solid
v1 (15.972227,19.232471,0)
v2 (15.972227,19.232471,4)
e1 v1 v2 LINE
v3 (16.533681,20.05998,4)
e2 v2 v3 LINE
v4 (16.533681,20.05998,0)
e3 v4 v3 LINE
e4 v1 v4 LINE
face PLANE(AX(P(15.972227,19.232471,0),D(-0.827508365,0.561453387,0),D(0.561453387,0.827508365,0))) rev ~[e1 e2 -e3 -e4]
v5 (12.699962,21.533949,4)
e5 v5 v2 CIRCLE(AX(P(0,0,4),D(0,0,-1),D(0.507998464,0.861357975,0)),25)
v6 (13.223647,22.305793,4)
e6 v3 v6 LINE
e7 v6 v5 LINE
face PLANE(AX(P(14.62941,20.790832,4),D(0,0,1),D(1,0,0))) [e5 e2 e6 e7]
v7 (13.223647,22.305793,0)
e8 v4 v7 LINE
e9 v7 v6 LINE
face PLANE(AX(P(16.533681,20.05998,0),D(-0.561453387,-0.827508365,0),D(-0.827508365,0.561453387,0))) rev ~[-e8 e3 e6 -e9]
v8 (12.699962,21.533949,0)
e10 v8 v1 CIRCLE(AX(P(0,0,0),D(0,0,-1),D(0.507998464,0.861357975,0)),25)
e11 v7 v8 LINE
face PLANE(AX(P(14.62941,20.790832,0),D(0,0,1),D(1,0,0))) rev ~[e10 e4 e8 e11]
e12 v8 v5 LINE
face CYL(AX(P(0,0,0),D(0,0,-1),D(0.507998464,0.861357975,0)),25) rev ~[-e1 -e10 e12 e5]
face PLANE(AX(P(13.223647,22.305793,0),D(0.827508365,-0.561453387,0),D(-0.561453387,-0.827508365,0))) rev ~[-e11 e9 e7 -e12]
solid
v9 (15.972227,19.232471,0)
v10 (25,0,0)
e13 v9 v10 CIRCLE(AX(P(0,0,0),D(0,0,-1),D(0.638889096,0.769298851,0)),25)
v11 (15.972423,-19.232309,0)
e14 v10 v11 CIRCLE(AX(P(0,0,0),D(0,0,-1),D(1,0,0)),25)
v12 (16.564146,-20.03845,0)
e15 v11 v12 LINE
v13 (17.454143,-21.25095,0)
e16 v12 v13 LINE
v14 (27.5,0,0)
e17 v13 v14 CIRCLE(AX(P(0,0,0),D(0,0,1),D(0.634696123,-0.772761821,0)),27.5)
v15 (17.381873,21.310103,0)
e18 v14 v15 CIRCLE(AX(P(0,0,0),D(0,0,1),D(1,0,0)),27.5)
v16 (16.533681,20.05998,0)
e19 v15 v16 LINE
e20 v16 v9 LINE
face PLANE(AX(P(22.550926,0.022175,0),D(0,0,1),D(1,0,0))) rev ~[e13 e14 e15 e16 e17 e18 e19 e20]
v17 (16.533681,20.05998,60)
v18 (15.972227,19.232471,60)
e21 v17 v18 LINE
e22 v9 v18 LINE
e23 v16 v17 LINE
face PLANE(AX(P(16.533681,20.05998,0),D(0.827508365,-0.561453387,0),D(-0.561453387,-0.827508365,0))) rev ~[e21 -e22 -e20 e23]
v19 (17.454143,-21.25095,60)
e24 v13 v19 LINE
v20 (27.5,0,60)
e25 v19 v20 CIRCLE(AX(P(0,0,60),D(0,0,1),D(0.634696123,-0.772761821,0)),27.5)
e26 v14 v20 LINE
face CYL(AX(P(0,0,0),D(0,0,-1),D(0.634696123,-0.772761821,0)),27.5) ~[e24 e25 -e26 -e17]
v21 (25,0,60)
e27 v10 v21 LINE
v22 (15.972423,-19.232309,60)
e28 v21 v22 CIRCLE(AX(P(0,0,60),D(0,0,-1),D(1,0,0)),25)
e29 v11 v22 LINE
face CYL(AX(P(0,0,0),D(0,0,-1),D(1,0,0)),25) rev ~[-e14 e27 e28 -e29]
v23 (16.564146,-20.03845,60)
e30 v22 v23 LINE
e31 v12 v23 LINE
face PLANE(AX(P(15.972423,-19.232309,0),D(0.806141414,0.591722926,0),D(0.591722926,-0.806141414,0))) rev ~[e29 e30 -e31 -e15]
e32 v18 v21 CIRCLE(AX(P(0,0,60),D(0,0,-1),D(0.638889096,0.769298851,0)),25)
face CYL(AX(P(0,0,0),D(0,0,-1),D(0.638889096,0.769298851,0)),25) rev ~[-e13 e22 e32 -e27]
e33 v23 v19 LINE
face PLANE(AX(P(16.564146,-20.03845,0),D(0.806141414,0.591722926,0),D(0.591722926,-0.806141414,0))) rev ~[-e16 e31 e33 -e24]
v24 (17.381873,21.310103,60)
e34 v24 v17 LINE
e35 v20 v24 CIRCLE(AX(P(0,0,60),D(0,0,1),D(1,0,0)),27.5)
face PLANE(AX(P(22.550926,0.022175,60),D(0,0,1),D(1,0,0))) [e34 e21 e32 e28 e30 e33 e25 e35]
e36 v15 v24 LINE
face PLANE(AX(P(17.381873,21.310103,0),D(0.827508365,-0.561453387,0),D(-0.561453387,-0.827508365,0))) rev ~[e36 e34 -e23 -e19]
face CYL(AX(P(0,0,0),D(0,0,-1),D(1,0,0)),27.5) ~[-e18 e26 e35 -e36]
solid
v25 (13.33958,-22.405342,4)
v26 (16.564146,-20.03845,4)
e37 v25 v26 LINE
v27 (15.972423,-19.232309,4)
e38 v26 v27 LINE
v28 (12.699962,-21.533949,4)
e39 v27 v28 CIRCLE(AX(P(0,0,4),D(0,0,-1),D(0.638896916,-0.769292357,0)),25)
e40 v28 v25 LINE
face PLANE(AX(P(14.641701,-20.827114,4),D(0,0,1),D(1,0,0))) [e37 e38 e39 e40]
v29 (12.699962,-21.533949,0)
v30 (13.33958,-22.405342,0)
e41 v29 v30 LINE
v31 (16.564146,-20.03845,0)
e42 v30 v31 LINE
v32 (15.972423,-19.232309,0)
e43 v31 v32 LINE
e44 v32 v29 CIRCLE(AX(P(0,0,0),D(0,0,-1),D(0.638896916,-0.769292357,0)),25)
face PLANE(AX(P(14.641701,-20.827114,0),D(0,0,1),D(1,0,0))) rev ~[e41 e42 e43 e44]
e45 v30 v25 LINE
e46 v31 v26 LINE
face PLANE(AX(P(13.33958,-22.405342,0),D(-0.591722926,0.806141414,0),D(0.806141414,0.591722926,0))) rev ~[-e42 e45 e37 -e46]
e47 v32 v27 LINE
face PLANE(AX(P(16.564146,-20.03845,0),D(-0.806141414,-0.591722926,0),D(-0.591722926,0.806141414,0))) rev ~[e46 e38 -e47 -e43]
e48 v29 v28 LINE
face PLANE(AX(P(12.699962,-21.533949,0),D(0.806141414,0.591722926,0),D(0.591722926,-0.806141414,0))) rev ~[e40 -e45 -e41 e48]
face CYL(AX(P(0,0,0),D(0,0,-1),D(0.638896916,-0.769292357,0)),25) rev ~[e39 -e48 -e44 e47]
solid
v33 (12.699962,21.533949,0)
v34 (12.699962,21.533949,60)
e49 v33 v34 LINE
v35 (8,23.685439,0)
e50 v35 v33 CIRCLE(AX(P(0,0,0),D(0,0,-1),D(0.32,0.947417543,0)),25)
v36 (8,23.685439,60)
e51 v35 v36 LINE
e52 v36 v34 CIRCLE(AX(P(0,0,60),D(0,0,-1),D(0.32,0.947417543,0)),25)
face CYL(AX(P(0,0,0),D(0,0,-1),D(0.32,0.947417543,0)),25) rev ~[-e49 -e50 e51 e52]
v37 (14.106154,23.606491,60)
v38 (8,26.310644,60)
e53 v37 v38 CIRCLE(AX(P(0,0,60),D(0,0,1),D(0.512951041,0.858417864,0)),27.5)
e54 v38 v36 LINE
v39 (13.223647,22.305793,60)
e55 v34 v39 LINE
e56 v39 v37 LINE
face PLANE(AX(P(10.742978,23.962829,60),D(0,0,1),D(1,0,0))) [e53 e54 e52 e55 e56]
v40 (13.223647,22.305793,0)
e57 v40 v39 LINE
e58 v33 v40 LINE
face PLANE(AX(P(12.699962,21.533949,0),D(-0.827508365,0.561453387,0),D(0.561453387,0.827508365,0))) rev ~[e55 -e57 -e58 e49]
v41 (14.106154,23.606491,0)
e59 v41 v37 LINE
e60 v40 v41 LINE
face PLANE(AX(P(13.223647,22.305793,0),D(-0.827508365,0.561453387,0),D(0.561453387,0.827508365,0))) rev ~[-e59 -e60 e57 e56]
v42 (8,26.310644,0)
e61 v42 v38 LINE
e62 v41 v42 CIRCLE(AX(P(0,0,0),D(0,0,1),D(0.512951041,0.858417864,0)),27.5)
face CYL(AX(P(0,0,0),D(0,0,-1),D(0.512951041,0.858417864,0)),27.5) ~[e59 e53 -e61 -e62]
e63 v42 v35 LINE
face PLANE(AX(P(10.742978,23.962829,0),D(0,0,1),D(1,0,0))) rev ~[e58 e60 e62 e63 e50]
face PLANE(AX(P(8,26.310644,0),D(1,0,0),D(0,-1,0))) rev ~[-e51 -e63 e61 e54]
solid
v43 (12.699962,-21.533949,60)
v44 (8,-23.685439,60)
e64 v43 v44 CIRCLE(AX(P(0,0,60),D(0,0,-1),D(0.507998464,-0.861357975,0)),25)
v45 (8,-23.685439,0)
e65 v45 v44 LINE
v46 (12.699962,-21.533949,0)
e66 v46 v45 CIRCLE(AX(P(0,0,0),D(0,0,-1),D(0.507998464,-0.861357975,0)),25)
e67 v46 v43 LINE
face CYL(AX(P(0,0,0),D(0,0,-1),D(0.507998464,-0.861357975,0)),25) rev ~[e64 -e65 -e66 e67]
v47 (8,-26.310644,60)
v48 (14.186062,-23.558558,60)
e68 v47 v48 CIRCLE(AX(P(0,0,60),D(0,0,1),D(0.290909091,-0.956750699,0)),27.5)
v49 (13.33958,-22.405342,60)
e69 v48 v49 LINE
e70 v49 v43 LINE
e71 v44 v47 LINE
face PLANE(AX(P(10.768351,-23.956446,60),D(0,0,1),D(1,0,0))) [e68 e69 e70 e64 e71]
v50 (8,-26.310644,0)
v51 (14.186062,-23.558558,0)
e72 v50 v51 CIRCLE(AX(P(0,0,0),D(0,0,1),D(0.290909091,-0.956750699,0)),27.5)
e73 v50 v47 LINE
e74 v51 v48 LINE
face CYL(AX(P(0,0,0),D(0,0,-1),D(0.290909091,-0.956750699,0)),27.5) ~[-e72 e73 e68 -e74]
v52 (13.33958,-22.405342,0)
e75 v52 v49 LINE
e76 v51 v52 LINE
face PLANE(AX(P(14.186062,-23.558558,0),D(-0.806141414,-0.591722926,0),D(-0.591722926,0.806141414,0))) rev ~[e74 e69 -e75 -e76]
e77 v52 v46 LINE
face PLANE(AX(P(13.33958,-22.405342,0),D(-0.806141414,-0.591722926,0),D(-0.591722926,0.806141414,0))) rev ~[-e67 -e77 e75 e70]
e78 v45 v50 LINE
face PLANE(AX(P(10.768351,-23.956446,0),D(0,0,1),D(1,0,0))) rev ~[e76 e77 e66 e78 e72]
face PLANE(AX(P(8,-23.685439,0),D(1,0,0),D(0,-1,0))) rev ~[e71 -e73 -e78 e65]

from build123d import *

# Parameters (mm, degrees)
F1_DEPTH = 60
F2_DEPTH = 4


with BuildPart() as f1:
    # F0 (on Top) → F1 (new body)
    with BuildSketch(Plane.XY):
        with BuildLine():
            ThreePointArc((8, 23.6854385647), (10.4057353896, 22.7314907342), (12.6999615998, 21.5339493676))
            Line((12.6999615998, 21.5339493676), (13.2236473386, 22.3057931922))
            Line((13.2236473386, 22.3057931922), (14.1061536293, 23.6064912638))
            ThreePointArc((14.1061536293, 23.6064912638), (11.135466667, 25.1446094046), (8, 26.3106442338))
            Line((8, 26.3106442338), (8, 23.6854385647))
        make_face()
    extrude(amount=F1_DEPTH)


with BuildPart() as f1b:
    # F0 (on Top) → F1, piece 2 (new body)
    with BuildSketch(Plane.XY):
        with BuildLine():
            ThreePointArc((15.9722274119, 19.2324712792), (22.6307941232, 10.6229542667), (25, 0))
            ThreePointArc((25, 0), (22.6308481128, -10.6228392483), (15.9724229044, -19.2323089244))
            Line((15.9724229044, -19.2323089244), (16.5641458304, -20.0384503381))
            Line((16.5641458304, -20.0384503381), (17.4541433848, -21.2509500659))
            ThreePointArc((17.4541433848, -21.2509500659), (24.8620085983, -11.7528944715), (27.5, 0))
            ThreePointArc((27.5, 0), (24.8420158665, 11.7950942212), (17.3818728955, 21.310103112))
            Line((17.3818728955, 21.310103112), (16.5336807988, 20.0599796442))
            Line((16.5336807988, 20.0599796442), (15.9722274119, 19.2324712792))
        make_face()
    extrude(amount=F1_DEPTH)


with BuildPart() as f1c:
    # F0 (on Top) → F1, piece 3 (new body)
    with BuildSketch(Plane.XY):
        with BuildLine():
            Line((13.3395801756, -22.405342042), (12.6999615998, -21.5339493676))
            ThreePointArc((12.6999615998, -21.5339493676), (10.4057353896, -22.7314907342), (8, -23.6854385647))
            Line((8, -23.6854385647), (8, -26.3106442338))
            ThreePointArc((8, -26.3106442338), (11.1780514023, -25.1257072905), (14.18606212, -23.5585577132))
            Line((14.18606212, -23.5585577132), (13.3395801756, -22.405342042))
        make_face()
    extrude(amount=F1_DEPTH)


with BuildPart() as f2:
    # F0 (on Top) → F2 (new body)
    with BuildSketch(Plane.XY):
        with BuildLine():
            Line((16.5641458304, -20.0384503381), (15.9724229044, -19.2323089244))
            ThreePointArc((15.9724229044, -19.2323089244), (14.3823084194, -20.4486968907), (12.6999615998, -21.5339493676))
            Line((12.6999615998, -21.5339493676), (13.3395801756, -22.405342042))
            Line((13.3395801756, -22.405342042), (16.5641458304, -20.0384503381))
        make_face()
    extrude(amount=F2_DEPTH)


with BuildPart() as f2b:
    # F0 (on Top) → F2, piece 2 (new body)
    with BuildSketch(Plane.XY):
        with BuildLine():
            ThreePointArc((12.6999615998, 21.5339493676), (14.3822044912, 20.4487699868), (15.9722274119, 19.2324712792))
            Line((15.9722274119, 19.2324712792), (16.5336807988, 20.0599796442))
            Line((16.5336807988, 20.0599796442), (13.2236473386, 22.3057931922))
            Line((13.2236473386, 22.3057931922), (12.6999615998, 21.5339493676))
        make_face()
    extrude(amount=F2_DEPTH)


solid = Compound([f1.part, f1b.part, f1c.part, f2.part, f2b.part])
